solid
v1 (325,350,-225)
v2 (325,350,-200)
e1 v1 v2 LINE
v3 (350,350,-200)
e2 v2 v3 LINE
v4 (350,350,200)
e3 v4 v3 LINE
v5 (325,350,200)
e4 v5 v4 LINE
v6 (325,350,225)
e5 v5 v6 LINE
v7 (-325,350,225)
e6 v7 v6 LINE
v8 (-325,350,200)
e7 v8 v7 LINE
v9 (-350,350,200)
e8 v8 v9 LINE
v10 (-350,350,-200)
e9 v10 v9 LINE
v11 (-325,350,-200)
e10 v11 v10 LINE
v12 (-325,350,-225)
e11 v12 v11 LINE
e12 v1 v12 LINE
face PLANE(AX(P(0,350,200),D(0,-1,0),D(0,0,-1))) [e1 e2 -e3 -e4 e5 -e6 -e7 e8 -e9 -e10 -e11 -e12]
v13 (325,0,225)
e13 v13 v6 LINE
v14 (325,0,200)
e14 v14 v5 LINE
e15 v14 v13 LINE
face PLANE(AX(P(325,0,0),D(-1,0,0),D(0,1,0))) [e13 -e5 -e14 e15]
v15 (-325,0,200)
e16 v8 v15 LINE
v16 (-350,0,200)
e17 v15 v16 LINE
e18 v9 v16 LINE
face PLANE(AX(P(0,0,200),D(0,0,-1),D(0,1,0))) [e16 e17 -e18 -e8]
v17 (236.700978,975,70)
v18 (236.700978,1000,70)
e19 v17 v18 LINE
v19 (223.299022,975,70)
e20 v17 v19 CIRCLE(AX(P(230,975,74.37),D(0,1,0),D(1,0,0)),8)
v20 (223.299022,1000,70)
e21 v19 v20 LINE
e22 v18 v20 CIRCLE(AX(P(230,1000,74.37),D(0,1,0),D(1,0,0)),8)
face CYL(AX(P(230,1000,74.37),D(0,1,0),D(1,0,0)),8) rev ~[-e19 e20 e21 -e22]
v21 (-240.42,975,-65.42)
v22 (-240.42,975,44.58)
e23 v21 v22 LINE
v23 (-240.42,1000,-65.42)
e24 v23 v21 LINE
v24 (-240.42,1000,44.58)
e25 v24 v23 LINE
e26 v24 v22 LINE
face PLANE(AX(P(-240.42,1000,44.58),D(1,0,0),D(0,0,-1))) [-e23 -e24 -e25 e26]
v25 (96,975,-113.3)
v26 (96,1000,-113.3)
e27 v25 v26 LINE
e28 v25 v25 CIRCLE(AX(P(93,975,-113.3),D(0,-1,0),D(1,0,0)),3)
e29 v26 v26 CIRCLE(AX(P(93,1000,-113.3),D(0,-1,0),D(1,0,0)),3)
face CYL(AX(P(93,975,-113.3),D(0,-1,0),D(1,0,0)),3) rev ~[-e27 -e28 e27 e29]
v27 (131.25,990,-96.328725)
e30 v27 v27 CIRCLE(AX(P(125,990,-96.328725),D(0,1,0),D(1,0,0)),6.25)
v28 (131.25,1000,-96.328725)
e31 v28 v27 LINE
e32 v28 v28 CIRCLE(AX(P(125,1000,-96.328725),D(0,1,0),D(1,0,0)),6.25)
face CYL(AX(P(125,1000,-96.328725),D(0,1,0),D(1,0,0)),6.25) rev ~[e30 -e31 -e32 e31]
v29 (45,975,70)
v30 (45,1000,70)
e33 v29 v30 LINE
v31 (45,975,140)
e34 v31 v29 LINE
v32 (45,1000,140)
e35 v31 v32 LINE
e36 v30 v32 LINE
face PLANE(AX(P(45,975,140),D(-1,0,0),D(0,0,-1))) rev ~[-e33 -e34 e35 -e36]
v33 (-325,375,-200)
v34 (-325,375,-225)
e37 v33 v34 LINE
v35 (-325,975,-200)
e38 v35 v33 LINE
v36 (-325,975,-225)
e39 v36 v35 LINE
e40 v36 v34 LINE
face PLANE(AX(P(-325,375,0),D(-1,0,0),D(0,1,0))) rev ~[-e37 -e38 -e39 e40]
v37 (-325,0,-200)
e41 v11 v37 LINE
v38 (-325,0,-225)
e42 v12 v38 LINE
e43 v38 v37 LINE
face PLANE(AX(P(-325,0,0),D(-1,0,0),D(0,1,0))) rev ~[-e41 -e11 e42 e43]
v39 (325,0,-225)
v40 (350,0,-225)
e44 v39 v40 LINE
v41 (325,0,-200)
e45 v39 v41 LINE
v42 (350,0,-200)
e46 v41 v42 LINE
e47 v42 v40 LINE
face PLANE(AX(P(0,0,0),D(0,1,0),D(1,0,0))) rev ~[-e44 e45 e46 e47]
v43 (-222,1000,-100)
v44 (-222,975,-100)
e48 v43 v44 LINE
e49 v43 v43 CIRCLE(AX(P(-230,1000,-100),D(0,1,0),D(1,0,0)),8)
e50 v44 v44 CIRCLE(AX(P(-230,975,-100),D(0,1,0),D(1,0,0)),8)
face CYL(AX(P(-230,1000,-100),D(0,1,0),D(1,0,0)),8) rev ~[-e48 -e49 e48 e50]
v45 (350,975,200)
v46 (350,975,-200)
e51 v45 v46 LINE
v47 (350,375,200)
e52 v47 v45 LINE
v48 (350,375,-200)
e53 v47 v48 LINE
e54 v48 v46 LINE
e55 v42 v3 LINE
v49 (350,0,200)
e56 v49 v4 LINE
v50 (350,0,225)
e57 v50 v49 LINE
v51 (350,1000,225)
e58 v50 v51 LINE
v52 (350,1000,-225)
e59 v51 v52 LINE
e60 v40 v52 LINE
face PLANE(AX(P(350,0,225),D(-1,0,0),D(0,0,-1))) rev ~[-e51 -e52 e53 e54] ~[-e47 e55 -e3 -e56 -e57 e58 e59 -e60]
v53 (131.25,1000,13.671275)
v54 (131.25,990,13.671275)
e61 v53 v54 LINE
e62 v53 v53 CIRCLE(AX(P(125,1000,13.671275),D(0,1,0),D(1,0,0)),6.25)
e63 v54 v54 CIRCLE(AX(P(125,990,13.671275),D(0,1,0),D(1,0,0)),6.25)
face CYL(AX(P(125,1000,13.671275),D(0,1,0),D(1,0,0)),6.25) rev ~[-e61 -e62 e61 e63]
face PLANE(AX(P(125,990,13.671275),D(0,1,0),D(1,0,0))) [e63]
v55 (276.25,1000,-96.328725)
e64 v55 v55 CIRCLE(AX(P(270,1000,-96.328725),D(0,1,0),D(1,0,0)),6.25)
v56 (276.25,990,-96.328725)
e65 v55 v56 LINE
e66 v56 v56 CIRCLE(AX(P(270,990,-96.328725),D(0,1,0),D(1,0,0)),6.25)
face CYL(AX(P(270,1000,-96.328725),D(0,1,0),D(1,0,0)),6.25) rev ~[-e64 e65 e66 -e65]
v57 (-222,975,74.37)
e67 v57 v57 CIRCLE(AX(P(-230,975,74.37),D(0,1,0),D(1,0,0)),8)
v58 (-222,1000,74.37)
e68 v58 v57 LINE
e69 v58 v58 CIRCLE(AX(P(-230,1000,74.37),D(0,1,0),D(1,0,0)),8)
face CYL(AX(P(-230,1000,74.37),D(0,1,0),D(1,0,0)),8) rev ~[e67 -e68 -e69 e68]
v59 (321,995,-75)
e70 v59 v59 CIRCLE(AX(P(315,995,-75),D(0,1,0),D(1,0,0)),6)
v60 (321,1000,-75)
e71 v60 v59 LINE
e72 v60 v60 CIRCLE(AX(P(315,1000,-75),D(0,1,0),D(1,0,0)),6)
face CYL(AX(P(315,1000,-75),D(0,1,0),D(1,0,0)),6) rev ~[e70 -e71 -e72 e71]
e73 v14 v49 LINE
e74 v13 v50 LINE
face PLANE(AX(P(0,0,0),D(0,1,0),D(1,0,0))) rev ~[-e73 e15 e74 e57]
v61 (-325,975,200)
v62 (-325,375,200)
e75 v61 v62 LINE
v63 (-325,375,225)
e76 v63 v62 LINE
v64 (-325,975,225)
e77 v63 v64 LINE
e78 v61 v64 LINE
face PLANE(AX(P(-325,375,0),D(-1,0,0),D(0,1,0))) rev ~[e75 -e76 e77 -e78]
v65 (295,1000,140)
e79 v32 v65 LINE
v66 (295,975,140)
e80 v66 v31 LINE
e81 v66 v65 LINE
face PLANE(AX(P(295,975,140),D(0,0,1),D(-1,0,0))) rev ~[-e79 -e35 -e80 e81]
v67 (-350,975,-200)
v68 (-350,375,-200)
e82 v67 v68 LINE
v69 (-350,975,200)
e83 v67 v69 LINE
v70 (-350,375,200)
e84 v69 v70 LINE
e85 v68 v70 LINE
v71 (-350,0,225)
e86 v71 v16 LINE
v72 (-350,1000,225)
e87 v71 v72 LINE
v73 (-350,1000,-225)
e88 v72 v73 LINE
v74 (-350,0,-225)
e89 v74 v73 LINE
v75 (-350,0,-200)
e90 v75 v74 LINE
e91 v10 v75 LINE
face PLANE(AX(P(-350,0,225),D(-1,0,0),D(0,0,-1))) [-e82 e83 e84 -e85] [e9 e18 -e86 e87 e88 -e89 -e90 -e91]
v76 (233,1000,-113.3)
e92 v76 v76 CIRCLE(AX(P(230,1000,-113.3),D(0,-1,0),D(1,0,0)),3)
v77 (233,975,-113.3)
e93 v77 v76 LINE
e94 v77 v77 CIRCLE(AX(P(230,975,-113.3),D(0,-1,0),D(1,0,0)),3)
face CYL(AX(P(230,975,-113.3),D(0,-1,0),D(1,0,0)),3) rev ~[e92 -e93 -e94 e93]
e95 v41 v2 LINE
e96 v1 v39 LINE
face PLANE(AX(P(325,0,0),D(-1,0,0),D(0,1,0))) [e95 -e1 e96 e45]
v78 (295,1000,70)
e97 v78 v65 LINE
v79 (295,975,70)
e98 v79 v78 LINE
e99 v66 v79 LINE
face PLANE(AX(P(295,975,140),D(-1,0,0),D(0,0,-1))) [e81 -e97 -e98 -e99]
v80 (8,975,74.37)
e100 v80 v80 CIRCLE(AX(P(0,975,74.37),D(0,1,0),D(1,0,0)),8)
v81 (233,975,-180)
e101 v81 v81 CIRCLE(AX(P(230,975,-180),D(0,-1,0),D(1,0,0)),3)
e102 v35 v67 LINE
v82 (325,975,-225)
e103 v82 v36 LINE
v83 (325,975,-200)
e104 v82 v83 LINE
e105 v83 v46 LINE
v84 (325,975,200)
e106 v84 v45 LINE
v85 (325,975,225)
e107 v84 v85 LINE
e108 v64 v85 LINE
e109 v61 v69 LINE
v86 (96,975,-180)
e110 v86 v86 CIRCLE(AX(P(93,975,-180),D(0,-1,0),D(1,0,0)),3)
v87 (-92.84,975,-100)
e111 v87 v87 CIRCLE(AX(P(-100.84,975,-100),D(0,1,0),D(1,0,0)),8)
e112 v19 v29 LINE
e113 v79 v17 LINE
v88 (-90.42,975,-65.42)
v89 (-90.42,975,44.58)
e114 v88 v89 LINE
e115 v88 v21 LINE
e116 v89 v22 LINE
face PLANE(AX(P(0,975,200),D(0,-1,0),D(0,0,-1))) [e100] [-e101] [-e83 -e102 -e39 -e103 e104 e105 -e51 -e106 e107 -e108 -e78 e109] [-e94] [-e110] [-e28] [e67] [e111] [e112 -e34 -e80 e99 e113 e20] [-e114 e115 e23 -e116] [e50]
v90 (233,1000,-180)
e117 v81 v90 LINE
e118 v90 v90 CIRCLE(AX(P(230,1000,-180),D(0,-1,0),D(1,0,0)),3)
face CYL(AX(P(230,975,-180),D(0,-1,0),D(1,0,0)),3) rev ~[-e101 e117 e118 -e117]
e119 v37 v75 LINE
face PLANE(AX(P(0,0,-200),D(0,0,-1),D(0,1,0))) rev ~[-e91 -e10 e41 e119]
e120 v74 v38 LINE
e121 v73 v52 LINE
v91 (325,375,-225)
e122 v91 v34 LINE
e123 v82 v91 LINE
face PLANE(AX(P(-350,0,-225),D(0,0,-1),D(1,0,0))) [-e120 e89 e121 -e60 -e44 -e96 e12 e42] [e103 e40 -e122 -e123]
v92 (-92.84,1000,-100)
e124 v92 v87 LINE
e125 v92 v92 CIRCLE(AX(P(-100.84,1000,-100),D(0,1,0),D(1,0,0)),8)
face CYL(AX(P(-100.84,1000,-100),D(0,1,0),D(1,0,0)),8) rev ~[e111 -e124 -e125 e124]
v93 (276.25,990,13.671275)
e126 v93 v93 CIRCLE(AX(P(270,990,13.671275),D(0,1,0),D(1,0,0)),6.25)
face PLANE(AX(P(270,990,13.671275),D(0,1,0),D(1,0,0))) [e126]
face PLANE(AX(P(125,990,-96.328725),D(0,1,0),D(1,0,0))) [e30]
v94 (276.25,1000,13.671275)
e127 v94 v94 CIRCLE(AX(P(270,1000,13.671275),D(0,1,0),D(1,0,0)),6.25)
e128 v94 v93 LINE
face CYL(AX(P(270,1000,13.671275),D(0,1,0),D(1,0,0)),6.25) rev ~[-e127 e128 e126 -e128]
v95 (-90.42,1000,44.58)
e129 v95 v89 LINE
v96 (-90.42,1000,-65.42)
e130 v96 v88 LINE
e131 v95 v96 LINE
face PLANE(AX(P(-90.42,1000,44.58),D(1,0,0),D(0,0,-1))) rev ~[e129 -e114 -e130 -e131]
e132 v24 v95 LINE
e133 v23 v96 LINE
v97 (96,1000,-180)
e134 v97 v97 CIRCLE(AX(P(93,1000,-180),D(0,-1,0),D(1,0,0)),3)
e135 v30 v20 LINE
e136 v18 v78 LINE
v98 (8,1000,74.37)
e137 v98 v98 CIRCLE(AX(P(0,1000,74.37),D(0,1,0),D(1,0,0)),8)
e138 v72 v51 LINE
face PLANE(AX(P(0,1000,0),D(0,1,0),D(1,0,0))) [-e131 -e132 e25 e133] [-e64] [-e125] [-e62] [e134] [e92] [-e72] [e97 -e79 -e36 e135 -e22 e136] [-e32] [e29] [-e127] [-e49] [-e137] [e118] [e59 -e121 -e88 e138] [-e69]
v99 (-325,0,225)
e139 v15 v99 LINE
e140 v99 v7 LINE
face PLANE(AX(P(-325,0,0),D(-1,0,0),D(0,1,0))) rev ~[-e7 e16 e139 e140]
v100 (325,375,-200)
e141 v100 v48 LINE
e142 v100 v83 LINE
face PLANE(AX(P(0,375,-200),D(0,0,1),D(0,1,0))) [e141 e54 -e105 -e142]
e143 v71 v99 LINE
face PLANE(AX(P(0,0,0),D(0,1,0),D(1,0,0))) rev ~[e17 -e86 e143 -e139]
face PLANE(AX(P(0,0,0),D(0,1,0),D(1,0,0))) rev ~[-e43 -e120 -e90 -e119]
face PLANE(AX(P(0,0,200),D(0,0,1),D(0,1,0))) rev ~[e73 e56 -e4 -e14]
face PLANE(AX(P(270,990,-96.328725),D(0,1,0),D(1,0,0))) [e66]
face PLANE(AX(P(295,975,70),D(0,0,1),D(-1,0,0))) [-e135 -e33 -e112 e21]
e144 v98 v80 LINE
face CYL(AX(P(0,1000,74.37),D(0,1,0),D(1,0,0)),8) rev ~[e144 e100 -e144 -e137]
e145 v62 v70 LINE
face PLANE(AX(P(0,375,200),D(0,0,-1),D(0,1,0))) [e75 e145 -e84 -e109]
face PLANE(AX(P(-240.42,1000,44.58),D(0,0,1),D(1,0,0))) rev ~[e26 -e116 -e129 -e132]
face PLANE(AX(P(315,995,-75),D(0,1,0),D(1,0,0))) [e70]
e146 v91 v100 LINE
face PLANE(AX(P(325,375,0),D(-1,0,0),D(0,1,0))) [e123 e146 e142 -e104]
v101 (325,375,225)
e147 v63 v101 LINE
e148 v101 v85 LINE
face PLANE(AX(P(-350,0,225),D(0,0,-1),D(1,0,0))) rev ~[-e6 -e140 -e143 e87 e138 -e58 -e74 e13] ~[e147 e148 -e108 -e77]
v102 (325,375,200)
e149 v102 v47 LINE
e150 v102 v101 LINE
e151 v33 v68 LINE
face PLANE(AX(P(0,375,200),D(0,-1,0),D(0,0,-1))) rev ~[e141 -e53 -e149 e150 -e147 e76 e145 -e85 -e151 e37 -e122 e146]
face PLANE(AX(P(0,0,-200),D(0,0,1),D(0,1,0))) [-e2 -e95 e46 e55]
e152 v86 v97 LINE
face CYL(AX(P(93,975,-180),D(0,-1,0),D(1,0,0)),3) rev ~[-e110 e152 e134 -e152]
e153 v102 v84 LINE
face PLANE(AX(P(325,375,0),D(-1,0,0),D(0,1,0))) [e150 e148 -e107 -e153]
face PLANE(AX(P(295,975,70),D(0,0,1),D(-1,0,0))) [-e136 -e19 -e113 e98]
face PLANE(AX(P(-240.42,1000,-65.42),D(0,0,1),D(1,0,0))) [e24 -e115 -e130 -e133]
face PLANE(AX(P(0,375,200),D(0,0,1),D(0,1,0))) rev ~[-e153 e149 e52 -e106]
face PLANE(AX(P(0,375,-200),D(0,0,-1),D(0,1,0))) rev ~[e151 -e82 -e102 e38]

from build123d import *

# Parameters (mm, degrees)
SKETCH1_W               = 700
SKETCH1_H               = 450
BOSS_EXTRUDE1_DEPTH     = 1000
SKETCH2_W               = 650
SKETCH2_H               = 600
CUT_EXTRUDE1_DEPTH      = 250
CUT_EXTRUDE1_DEPTH_BACK = 250
SKETCH3_W               = 650
SKETCH3_H               = 350
CUT_EXTRUDE2_DEPTH      = 250
CUT_EXTRUDE2_DEPTH_BACK = 250
SKETCH4_W               = 400
SKETCH4_H               = 600
CUT_EXTRUDE3_DEPTH      = 400
CUT_EXTRUDE3_DEPTH_BACK = 400
SKETCH5_W               = 400
SKETCH5_H               = 350
CUT_EXTRUDE4_DEPTH      = 400
CUT_EXTRUDE4_DEPTH_BACK = 400
ESBO_O1_R               = 8
ESBO_O1_W               = 150
ESBO_O1_H               = 110
CORTE_EXTRUS_O1_DEPTH   = 50
ESBO_O2_W               = 250
ESBO_O2_H               = 70
CORTE_EXTRUS_O2_DEPTH   = 26
ESBO_O3_R               = 6.25
CORTE_EXTRUS_O3_DEPTH   = 10
ESBO_O5_R               = 3
CORTE_EXTRUS_O4_DEPTH   = 26
ESBO_O7_R               = 6
CORTE_EXTRUS_O5_DEPTH   = 5


with BuildPart() as part:
    # Sketch1 → Boss-Extrude1 (new body)
    with BuildSketch(Plane(origin=(0, 0, 0), x_dir=(1, 0, 0), z_dir=(0, 1, 0))):
        Rectangle(SKETCH1_W, SKETCH1_H)
    extrude(amount=BOSS_EXTRUDE1_DEPTH)

    # Sketch2 → Cut-Extrude1 (cut, two sides)
    with BuildSketch(Plane.XY) as cut_extrude1_sk:
        with Locations((0, 675)):
            Rectangle(SKETCH2_W, SKETCH2_H)
    extrude(amount=CUT_EXTRUDE1_DEPTH, mode=Mode.SUBTRACT)
    extrude(cut_extrude1_sk.sketch, amount=-CUT_EXTRUDE1_DEPTH_BACK, mode=Mode.SUBTRACT)

    # Sketch3 → Cut-Extrude2 (cut, two sides)
    with BuildSketch(Plane.XY) as cut_extrude2_sk:
        with Locations((0, 175)):
            Rectangle(SKETCH3_W, SKETCH3_H)
    extrude(amount=CUT_EXTRUDE2_DEPTH, mode=Mode.SUBTRACT)
    extrude(cut_extrude2_sk.sketch, amount=-CUT_EXTRUDE2_DEPTH_BACK, mode=Mode.SUBTRACT)

    # Sketch4 → Cut-Extrude3 (cut, two sides)
    with BuildSketch(Plane(origin=(0, 0, 0), x_dir=(0, 0, -1), z_dir=(1, 0, 0))) as cut_extrude3_sk:
        with Locations((0, 675)):
            Rectangle(SKETCH4_W, SKETCH4_H)
    extrude(amount=CUT_EXTRUDE3_DEPTH, mode=Mode.SUBTRACT)
    extrude(cut_extrude3_sk.sketch, amount=-CUT_EXTRUDE3_DEPTH_BACK, mode=Mode.SUBTRACT)

    # Sketch5 → Cut-Extrude4 (cut, two sides)
    with BuildSketch(Plane(origin=(0, 0, 0), x_dir=(0, 0, -1), z_dir=(1, 0, 0))) as cut_extrude4_sk:
        with Locations((0, 175)):
            Rectangle(SKETCH5_W, SKETCH5_H)
    extrude(amount=CUT_EXTRUDE4_DEPTH, mode=Mode.SUBTRACT)
    extrude(cut_extrude4_sk.sketch, amount=-CUT_EXTRUDE4_DEPTH_BACK, mode=Mode.SUBTRACT)

    # Esboço1 → Corte-extrusão1 (cut)
    with BuildSketch(Plane(origin=(0, 1000, 0), x_dir=(1, 0, 0), z_dir=(0, 1, 0))):
        with Locations((-100.84, 100)):
            Circle(ESBO_O1_R)
        with Locations((-230, 100)):
            Circle(ESBO_O1_R)
        with Locations((-230, -74.37)):
            Circle(ESBO_O1_R)
        with Locations((0, -74.37)):
            Circle(ESBO_O1_R)
        with Locations((230, -74.37)):
            Circle(ESBO_O1_R)
        with Locations((-165.42, 10.42)):
            Rectangle(ESBO_O1_W, ESBO_O1_H)
    extrude(amount=-CORTE_EXTRUS_O1_DEPTH, mode=Mode.SUBTRACT)

    # Esboço2 → Corte-extrusão2 (cut, through all)
    with BuildSketch(Plane(origin=(0, 975, 0), x_dir=(-1, 0, 0), z_dir=(0, -1, 0))):
        with Locations((-170, -105)):
            Rectangle(ESBO_O2_W, ESBO_O2_H)
    extrude(amount=-CORTE_EXTRUS_O2_DEPTH, mode=Mode.SUBTRACT)

    # Esboço3 → Corte-extrusão3 (cut)
    with BuildSketch(Plane(origin=(0, 1000, 0), x_dir=(1, 0, 0), z_dir=(0, 1, 0))):
        with Locations((270, -13.671274916)):
            Circle(ESBO_O3_R)
        with Locations((270, 96.328725084)):
            Circle(ESBO_O3_R)
        with Locations((125, 96.328725084)):
            Circle(ESBO_O3_R)
        with Locations((125, -13.671274916)):
            Circle(ESBO_O3_R)
    extrude(amount=-CORTE_EXTRUS_O3_DEPTH, mode=Mode.SUBTRACT)

    # Esboço5 → Corte-extrusão4 (cut, through all)
    with BuildSketch(Plane.XZ.offset(-975)):
        with Locations((93, -180)):
            Circle(ESBO_O5_R)
        with Locations((93, -113.3)):
            Circle(ESBO_O5_R)
        with Locations((230, -113.3)):
            Circle(ESBO_O5_R)
        with Locations((230, -180)):
            Circle(ESBO_O5_R)
    extrude(amount=-CORTE_EXTRUS_O4_DEPTH, mode=Mode.SUBTRACT)

    # Esboço7 → Corte-extrusão5 (cut)
    with BuildSketch(Plane(origin=(0, 1000, 0), x_dir=(1, 0, 0), z_dir=(0, 1, 0))):
        with Locations((315, 75)):
            Circle(ESBO_O7_R)
    extrude(amount=-CORTE_EXTRUS_O5_DEPTH, mode=Mode.SUBTRACT)


solid = part.part
